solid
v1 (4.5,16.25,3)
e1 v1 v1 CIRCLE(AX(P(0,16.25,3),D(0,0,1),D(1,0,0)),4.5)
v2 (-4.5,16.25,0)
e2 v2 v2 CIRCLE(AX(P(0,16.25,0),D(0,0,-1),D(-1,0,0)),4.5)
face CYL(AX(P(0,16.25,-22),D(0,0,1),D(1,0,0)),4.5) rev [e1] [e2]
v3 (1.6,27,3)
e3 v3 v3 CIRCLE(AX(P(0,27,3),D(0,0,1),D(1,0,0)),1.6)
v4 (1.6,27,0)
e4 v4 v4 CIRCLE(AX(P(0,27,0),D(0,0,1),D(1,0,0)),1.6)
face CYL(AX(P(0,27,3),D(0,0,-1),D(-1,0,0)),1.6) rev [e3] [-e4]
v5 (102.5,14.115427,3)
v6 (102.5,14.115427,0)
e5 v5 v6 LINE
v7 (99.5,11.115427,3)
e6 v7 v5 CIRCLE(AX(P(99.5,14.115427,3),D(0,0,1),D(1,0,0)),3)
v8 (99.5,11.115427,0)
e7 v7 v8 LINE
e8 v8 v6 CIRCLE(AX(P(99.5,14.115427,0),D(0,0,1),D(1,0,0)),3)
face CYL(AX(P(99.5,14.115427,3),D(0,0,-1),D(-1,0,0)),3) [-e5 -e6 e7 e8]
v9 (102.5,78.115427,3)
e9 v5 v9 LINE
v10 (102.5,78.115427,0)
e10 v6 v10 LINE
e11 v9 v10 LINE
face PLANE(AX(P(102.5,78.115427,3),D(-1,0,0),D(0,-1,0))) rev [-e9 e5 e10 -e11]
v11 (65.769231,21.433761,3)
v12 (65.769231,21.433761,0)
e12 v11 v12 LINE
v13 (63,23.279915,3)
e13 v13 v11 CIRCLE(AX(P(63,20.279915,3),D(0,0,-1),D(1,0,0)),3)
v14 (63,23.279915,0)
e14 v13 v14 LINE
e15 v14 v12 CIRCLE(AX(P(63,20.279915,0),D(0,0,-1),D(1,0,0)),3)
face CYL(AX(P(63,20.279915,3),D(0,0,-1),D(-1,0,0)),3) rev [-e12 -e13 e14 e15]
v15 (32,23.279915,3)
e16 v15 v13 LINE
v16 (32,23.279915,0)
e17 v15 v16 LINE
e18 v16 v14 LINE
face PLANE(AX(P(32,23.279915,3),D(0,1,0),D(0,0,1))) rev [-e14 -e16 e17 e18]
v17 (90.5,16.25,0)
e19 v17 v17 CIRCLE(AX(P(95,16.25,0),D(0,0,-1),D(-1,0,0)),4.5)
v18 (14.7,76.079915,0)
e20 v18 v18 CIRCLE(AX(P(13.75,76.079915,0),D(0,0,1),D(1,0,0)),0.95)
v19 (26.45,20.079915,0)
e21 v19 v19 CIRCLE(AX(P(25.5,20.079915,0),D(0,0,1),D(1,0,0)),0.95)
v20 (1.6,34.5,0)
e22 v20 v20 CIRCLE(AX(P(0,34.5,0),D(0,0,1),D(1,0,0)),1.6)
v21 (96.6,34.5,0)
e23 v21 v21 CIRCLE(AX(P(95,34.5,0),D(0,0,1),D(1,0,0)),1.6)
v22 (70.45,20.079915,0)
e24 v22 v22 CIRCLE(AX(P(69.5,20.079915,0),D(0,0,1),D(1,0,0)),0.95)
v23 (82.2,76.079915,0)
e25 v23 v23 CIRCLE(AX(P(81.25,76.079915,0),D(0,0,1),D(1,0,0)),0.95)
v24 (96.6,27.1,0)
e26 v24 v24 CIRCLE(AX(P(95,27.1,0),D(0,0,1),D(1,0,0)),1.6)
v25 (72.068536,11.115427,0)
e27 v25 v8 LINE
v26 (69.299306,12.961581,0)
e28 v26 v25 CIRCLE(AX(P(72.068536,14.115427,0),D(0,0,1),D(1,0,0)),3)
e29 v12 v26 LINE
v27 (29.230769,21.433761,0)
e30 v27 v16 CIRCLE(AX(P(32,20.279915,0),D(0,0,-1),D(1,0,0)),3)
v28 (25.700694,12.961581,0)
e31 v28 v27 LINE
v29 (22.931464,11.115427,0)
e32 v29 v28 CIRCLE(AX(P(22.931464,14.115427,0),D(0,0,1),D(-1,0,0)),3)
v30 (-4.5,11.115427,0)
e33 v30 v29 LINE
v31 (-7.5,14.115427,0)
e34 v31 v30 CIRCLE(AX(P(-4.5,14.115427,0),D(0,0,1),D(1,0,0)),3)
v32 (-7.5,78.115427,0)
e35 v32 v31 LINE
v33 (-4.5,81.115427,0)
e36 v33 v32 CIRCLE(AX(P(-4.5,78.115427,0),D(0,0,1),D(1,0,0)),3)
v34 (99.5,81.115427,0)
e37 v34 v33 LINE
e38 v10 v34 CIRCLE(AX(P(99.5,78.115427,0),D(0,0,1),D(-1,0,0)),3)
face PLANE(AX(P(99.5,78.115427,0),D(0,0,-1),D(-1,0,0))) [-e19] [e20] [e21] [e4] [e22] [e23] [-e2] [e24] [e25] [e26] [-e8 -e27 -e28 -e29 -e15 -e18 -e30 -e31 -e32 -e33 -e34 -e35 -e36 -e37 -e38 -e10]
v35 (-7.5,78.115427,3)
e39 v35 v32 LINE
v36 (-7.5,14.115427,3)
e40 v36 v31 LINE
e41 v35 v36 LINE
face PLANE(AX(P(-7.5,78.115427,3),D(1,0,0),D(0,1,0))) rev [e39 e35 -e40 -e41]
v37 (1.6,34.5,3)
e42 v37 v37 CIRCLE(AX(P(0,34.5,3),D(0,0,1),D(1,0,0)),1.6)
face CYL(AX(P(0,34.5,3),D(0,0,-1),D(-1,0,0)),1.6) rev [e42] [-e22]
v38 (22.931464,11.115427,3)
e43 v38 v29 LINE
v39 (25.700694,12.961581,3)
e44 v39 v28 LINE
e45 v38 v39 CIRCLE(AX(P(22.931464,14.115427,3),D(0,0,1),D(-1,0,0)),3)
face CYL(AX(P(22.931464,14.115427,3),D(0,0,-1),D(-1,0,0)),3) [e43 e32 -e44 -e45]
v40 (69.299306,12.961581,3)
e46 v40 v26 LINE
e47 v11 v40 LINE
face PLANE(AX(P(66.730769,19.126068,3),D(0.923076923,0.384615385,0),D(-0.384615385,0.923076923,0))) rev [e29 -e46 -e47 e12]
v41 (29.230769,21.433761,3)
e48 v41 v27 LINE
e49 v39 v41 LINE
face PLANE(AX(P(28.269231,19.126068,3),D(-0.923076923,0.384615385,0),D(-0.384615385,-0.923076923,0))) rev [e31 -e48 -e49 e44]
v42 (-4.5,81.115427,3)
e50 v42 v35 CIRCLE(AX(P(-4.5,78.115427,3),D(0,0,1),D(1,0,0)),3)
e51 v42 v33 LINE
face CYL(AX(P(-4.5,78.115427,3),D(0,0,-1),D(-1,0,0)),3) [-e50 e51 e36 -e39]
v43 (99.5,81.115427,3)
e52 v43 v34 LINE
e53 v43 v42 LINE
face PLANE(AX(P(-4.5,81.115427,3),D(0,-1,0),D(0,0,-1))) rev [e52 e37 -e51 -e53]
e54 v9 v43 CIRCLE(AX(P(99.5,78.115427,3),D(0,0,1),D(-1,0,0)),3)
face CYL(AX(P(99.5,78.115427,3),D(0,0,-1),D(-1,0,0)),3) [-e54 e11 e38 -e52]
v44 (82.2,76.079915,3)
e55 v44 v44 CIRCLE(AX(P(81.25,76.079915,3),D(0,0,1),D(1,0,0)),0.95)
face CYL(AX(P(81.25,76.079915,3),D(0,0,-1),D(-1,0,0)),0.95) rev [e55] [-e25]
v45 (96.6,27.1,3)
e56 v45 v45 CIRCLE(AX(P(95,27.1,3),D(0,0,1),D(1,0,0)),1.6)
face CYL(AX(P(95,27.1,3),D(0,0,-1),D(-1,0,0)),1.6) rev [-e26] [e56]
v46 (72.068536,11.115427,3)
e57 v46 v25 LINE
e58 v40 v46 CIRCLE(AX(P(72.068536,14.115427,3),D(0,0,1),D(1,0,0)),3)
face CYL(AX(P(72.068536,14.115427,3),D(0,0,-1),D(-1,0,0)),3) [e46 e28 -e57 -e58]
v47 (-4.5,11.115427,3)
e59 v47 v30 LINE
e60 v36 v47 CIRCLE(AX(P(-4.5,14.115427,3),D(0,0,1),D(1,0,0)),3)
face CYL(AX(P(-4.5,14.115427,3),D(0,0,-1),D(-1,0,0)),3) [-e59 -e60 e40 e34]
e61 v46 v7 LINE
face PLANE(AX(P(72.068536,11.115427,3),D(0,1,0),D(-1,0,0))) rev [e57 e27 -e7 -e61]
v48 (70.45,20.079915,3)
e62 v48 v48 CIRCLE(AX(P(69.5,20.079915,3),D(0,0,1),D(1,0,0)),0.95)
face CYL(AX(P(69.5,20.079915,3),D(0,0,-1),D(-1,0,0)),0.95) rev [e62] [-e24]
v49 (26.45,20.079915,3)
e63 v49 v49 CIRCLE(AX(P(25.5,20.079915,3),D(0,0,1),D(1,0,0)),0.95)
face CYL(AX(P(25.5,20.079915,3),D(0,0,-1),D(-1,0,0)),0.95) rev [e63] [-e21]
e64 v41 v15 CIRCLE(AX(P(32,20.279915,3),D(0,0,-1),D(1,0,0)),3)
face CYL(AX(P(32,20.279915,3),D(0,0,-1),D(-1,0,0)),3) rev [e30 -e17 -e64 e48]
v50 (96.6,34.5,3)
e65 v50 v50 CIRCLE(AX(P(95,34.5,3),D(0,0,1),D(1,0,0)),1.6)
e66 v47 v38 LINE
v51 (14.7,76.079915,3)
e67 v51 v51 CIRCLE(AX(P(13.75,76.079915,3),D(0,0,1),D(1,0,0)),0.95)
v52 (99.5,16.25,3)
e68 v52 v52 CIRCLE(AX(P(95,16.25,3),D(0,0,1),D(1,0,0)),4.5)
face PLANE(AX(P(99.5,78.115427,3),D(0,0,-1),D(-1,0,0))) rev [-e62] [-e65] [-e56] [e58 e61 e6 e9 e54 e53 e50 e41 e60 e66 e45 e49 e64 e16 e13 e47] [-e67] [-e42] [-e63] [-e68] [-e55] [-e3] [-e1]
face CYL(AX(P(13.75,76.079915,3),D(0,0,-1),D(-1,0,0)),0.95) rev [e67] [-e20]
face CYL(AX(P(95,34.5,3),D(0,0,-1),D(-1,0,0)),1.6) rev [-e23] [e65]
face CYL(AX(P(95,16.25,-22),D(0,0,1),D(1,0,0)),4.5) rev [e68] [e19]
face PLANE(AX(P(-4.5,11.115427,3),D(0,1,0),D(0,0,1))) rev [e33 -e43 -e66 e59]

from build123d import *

# Parameters (mm, degrees)
SKETCH_1_R         = 1.6
SKETCH_1_R_2       = 0.95
EXTRUDE_1_DEPTH    = 3
SKETCH1_R          = 4.5
CUT_EXTRUDE1_DEPTH = 25


with BuildPart() as part:
    # 草图1 → 凸台-拉伸1 (new body)
    with BuildSketch(Plane.XY):
        with BuildLine():
            Line((32, 23.279914581), (63, 23.279914581))
            ThreePointArc((63, 23.279914581), (64.664100589, 22.776065464), (65.769230769, 21.433760735))
            Line((65.769230769, 21.433760735), (66.730769231, 19.126068427))
            Line((66.730769231, 19.126068427), (69.29930559, 12.961581165))
            ThreePointArc((69.29930559, 12.961581165), (70.404435771, 11.619276436), (72.068536359, 11.115427319))
            Line((72.068536359, 11.115427319), (99.5, 11.115427319))
            ThreePointArc((99.5, 11.115427319), (101.621320344, 11.994106975), (102.5, 14.115427319))
            Line((102.5, 14.115427319), (102.5, 78.115427319))
            ThreePointArc((102.5, 78.115427319), (101.621320344, 80.236747662), (99.5, 81.115427319))
            Line((99.5, 81.115427319), (-4.5, 81.115427319))
            ThreePointArc((-4.5, 81.115427319), (-6.621320344, 80.236747662), (-7.5, 78.115427319))
            Line((-7.5, 78.115427319), (-7.5, 14.115427319))
            ThreePointArc((-7.5, 14.115427319), (-6.621320344, 11.994106975), (-4.5, 11.115427319))
            Line((-4.5, 11.115427319), (22.931463641, 11.115427319))
            ThreePointArc((22.931463641, 11.115427319), (24.595564229, 11.619276436), (25.70069441, 12.961581165))
            Line((25.70069441, 12.961581165), (28.269230769, 19.126068427))
            Line((28.269230769, 19.126068427), (29.230769231, 21.433760735))
            ThreePointArc((29.230769231, 21.433760735), (30.335899411, 22.776065464), (32, 23.279914581))
        make_face()
        with Locations((0, 34.5)):
            Circle(SKETCH_1_R, mode=Mode.SUBTRACT)
        with Locations((0, 27)):
            Circle(SKETCH_1_R, mode=Mode.SUBTRACT)
        with Locations((95, 34.5)):
            Circle(SKETCH_1_R, mode=Mode.SUBTRACT)
        with Locations((95, 27.1)):
            Circle(SKETCH_1_R, mode=Mode.SUBTRACT)
        with Locations((13.75, 76.079914581)):
            Circle(SKETCH_1_R_2, mode=Mode.SUBTRACT)
        with Locations((81.25, 76.079914581)):
            Circle(SKETCH_1_R_2, mode=Mode.SUBTRACT)
        with Locations((69.5, 20.079914581)):
            Circle(SKETCH_1_R_2, mode=Mode.SUBTRACT)
        with Locations((25.5, 20.079914581)):
            Circle(SKETCH_1_R_2, mode=Mode.SUBTRACT)
    extrude(amount=EXTRUDE_1_DEPTH)

    # Sketch1 → Cut-Extrude1 (cut)
    with BuildSketch(Plane.XY.offset(3)):
        with Locations((0, 16.25)):
            Circle(SKETCH1_R)
        with Locations((95, 16.25)):
            Circle(SKETCH1_R)
    extrude(amount=-CUT_EXTRUDE1_DEPTH, mode=Mode.SUBTRACT)


solid = part.part
